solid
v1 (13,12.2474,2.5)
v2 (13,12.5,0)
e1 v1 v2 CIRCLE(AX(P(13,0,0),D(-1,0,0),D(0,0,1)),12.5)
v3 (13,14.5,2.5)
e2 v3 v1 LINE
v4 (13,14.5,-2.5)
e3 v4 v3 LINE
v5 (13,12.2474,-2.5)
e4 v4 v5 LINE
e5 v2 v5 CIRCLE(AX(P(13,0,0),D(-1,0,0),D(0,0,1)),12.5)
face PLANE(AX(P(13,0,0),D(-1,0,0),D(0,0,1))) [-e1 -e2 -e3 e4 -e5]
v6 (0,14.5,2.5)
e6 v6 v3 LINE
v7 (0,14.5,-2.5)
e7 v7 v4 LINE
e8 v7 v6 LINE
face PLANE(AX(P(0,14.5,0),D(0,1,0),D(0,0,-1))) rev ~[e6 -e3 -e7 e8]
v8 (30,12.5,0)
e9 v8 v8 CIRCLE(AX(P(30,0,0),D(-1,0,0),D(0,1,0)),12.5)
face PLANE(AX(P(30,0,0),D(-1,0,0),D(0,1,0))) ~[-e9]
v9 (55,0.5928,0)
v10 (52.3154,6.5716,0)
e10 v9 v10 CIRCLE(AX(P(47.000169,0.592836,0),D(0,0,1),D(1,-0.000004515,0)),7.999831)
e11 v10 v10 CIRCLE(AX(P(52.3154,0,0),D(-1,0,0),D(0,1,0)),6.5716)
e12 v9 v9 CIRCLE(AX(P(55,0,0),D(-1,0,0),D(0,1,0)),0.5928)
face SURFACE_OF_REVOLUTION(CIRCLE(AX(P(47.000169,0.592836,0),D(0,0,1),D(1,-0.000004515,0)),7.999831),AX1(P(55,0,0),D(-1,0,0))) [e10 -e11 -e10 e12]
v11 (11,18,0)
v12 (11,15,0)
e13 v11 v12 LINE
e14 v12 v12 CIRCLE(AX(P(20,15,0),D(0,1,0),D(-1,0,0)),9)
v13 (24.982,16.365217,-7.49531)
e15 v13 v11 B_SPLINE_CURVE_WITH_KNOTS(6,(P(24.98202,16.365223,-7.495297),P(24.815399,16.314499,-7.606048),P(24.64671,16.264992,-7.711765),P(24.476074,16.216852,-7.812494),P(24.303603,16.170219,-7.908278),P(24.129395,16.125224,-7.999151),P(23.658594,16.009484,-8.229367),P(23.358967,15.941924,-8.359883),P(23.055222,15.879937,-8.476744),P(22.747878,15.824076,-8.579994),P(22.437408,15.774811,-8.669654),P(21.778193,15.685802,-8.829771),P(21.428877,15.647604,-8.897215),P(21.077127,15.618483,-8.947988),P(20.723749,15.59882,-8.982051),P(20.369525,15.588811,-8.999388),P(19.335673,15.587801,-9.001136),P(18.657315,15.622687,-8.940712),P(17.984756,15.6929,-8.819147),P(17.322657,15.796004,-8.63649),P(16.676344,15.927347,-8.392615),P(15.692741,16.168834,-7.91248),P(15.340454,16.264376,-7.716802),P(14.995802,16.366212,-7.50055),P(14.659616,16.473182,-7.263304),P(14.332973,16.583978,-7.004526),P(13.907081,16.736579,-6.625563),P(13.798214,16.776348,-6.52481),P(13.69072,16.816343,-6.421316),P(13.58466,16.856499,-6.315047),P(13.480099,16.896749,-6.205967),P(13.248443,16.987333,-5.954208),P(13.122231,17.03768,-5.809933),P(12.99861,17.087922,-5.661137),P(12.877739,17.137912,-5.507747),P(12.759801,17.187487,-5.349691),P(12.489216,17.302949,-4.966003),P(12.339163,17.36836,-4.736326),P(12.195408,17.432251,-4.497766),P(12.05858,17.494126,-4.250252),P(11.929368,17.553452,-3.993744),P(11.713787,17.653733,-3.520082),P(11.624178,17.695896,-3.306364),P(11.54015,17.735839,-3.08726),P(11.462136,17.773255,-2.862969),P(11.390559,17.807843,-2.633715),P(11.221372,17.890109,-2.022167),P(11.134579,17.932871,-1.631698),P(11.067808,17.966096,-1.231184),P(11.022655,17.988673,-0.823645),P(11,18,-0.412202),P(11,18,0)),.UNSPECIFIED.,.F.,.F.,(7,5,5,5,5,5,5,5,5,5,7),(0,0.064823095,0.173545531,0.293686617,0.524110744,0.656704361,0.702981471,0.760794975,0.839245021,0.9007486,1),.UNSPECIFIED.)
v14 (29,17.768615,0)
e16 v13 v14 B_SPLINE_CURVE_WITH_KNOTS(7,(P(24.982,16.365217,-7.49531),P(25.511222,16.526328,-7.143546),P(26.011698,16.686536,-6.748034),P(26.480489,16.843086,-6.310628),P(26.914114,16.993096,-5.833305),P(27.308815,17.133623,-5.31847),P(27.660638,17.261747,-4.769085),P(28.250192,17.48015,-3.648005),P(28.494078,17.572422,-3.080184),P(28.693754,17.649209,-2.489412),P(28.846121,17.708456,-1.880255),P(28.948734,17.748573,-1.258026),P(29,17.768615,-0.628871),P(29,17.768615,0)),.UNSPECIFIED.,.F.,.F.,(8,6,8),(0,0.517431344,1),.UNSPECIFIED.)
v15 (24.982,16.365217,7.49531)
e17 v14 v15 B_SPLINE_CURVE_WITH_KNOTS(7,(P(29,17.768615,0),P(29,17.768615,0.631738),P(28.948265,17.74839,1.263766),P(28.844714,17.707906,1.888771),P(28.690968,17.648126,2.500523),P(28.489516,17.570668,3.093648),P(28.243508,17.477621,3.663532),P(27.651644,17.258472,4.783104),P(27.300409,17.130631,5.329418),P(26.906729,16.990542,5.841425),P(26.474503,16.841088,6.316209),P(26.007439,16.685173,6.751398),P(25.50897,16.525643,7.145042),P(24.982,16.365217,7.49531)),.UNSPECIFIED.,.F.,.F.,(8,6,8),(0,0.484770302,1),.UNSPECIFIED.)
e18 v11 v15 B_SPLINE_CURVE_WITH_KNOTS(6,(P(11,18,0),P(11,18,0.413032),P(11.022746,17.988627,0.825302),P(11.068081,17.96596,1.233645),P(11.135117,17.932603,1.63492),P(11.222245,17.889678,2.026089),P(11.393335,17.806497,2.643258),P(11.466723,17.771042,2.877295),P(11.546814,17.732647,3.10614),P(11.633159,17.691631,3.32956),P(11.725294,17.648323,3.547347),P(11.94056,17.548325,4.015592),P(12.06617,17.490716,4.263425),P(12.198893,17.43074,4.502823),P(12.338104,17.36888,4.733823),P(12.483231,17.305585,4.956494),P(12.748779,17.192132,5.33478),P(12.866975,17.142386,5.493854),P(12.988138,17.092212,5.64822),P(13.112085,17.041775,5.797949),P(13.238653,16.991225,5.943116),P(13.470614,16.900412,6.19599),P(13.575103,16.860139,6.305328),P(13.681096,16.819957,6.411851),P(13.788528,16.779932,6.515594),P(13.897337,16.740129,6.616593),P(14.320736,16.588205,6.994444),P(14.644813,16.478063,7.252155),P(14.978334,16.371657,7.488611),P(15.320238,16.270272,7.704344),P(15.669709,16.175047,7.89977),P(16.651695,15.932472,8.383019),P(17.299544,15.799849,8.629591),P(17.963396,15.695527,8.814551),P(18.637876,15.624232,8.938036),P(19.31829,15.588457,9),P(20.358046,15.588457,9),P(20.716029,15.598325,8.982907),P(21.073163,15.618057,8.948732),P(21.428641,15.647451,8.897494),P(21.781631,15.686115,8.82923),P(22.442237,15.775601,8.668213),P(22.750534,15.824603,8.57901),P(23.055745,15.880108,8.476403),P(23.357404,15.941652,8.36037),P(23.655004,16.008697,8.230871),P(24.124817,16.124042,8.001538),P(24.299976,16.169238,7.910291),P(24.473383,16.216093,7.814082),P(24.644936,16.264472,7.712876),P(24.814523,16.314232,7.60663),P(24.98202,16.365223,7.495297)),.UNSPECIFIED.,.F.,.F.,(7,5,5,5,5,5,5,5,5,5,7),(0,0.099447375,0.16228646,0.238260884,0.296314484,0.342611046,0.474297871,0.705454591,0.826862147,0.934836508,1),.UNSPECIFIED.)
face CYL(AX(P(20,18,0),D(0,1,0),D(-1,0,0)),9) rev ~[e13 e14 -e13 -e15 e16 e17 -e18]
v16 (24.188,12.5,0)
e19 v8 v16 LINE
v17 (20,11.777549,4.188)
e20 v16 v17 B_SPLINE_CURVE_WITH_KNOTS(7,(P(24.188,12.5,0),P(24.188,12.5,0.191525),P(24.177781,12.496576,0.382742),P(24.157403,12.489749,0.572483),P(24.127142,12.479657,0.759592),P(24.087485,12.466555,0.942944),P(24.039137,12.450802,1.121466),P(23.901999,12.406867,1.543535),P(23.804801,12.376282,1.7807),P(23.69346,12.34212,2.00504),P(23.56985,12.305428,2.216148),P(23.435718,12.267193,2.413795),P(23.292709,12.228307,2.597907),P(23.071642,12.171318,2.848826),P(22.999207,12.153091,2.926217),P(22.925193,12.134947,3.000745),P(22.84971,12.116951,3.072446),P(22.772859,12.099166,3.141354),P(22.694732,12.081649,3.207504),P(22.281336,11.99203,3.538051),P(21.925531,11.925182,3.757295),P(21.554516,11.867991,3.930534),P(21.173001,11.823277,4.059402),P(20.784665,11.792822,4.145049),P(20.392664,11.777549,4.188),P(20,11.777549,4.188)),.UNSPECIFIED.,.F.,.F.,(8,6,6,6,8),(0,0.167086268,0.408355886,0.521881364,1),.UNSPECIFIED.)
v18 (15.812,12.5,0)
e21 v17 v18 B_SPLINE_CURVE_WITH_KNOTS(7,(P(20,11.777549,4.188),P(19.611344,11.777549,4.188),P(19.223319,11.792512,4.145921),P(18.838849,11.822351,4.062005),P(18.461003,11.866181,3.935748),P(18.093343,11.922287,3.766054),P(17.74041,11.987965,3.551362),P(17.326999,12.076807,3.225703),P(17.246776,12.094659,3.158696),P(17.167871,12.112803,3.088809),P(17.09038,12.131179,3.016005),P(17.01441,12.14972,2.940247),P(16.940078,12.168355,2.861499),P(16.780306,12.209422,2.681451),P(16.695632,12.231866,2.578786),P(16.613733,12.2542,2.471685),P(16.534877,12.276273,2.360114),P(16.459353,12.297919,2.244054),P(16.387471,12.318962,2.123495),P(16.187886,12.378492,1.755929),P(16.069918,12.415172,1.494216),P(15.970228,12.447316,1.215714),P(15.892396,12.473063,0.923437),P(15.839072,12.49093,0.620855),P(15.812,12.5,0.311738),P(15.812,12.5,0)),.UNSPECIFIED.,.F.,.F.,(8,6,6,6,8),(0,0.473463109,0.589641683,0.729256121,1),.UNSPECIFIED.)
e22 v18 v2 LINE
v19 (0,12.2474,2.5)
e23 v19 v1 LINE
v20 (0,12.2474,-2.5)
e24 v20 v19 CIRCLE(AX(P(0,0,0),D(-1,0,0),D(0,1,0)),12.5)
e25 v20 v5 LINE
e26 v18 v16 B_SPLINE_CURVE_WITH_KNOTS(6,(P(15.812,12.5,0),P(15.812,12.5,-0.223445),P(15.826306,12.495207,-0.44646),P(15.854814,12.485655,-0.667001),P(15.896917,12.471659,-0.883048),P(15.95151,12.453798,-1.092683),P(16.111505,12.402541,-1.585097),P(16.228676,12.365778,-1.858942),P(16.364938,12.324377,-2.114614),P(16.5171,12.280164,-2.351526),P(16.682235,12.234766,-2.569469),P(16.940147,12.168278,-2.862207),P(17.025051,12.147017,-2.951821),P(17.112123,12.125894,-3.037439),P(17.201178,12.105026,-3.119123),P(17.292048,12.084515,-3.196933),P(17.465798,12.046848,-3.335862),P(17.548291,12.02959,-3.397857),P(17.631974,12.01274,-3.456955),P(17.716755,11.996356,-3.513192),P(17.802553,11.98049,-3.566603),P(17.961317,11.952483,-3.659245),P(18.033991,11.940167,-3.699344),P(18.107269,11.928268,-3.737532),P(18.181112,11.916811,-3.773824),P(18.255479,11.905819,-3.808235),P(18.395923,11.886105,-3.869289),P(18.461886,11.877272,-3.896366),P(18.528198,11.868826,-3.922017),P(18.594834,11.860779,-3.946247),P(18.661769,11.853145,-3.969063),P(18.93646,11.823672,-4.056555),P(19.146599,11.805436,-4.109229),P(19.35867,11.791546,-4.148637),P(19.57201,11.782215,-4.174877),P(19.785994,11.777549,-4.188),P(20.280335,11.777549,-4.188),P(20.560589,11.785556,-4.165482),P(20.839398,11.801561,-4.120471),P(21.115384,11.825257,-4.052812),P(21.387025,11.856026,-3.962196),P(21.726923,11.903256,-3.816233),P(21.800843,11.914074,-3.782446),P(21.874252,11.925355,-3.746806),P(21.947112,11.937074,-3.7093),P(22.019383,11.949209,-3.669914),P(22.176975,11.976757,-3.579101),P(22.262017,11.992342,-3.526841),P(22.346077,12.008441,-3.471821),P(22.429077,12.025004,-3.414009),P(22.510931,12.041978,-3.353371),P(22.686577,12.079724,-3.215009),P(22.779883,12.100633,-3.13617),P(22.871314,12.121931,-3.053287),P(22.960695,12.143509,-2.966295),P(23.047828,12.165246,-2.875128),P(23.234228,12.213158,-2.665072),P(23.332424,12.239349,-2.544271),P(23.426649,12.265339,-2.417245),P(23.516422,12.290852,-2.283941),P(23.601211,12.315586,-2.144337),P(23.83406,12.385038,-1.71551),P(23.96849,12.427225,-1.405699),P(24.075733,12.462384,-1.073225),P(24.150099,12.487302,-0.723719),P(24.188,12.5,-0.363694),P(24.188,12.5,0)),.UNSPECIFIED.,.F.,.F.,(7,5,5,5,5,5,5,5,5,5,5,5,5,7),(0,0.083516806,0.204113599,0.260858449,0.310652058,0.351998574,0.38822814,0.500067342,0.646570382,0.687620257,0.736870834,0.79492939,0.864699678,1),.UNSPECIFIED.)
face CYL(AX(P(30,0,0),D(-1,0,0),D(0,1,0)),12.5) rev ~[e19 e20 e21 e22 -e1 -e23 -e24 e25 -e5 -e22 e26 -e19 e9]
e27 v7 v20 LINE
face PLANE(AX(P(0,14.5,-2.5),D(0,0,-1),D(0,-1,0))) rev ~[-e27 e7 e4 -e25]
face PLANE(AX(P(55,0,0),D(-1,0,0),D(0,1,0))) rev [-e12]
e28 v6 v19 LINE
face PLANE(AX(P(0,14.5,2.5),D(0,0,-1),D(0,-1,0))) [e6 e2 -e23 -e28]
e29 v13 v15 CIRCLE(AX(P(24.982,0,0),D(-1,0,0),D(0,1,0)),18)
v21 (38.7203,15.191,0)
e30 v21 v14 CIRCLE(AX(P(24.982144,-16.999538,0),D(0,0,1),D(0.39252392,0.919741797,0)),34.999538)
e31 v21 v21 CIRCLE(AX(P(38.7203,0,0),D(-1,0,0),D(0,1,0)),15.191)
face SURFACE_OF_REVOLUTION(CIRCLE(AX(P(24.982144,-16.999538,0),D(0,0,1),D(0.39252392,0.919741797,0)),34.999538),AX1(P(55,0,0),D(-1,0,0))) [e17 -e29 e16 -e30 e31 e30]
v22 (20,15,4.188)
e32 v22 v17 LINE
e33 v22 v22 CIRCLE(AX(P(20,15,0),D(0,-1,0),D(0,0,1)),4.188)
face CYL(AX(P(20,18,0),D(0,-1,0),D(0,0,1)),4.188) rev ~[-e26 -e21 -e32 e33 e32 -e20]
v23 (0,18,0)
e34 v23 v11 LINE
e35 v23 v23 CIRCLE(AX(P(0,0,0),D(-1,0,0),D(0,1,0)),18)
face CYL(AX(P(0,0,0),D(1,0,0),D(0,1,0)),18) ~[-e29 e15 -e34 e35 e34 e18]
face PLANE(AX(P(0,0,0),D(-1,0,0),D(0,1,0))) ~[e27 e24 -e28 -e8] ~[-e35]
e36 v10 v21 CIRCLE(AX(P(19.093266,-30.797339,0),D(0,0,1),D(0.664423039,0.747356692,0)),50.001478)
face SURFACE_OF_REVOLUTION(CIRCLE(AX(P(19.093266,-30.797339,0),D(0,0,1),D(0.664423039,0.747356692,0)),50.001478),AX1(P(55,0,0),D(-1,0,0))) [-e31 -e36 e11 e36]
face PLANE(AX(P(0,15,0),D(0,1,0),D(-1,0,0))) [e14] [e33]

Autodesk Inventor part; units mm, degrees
ref_plane "YZ Plane" through (0, 0, 0) normal (1, 0, 0) x (0, 1, 0)
ref_plane "XZ Plane" through (0, 0, 0) normal (0, 1, 0) x (-1, 0, 0)
sketch "Sketch1" plane through (0, 0, 0) normal (0, 0, 1) x (1, 0, 0)
  line L0 (0, 0) -> (0, 18)
  line L1 (0, 18) -> (55, 18) construction
  line L2 (55, 18) -> (55, 0) construction
  line L3 (0, 18) -> (55, 18) construction
  line L4 (55, 18) -> (55, -18) construction
  line L5 (55, -18) -> (0, -18) construction
  line L6 (0, -18) -> (0, 18)
  line L7 (0, -12.5) -> (30, -12.5)
  line L8 (30, -12.5) -> (30, 12.5)
  line L9 (30, 12.5) -> (0, 12.5)
  line L10 (55, 0) -> (55, 0.5928)
  line L11 (55, 0) -> (30, 0)
  line L12 (30, 0) -> (30, 18) construction
  arc A0 (52.3154, 6.5716) -> (38.7203, 15.191) centre (19.0942, -30.7961) ccw
  line L13 (0, 18) -> (24.982, 18)
  arc A1 (55, 0.5928) -> (52.3154, 6.5716) centre (47, 0.5928) ccw
  arc A2 (38.7203, 15.191) -> (24.982, 18) centre (24.982, -17) ccw
  line L14 (30, 0) -> (30, 0)
  point P0 (55, 4)
  dimension "d0" = 18
  dimension "d1" = 55
  dimension "d2" = 36
  dimension "d5" = 12.5
  dimension "d6" = 30
  dimension "d7" = 25
  dimension "d14" = 4
  dimension "d16" = 0
  dimension "d17" = 25
  dimension "d18" = 8
  dimension "d19" = 35
  dimension "d20" = 50
revolve "Revolution1" add sketch "Sketch1" angle 360 about axis through (55, 0, 0) along (-1, 0, 0) contours L0 L13 A2 A0 A1 L10 L11 L8 L9
sketch "Sketch2" plane through (0, 0, 0) normal (-1, 0, 0) x (0, 0, 1)
  circle A0 centre (0, 0) radius 12.5 projected
  circle A1 centre (0, 0) radius 18 projected
  circle A2 centre (0, 0) radius 0.5928 projected
  line L0 (0, 0) -> (0, 12.5)
  circle A3 centre (0, 0) radius 12.5 projected
  circle A4 centre (0, 0) radius 18 projected
  line L1 (0, 12.5) -> (0, 14.5)
  line L2 (0, 14.5) -> (-2.5, 14.5)
  line L3 (0, 14.5) -> (2.5, 14.5)
  line L4 (0, 14.5) -> (0, 12) construction
  line L5 (2.5, 14.5) -> (2.5, 12.2474)
  line L6 (-2.5, 14.5) -> (-2.5, 12.2474)
  point P0 (0, 0)
  point P1 (-2.5, 12.2474)
  point P2 (2.5, 12.2474)
  dimension "d23" = 2
  dimension "d24" = 2.5
  dimension "d25" = 90
  dimension "d26" = 2.5
  dimension "d27" = 90
extrude "Extrusion1" cut sketch "Sketch2" against normal blind 13 contours A0 L1 L3 L5 | L6 L2 L1 A0
ref_plane "Work Plane1" through (0, 18, 0) normal (0, 1, 0) x (-1, 0, 0)
sketch "Sketch3" plane through (0, 18, 0) normal (0, 1, 0) x (-1, 0, 0)
  line L0 (0, -18) -> (0, 18) projected
  line L1 (-24.982, -18) -> (-24.982, 18) projected
  line L2 (-24.982, -18) -> (-24.982, 18) projected
  line L3 (-38.7203, -15.191) -> (-38.7203, 15.191) projected
  line L4 (-38.7203, -15.191) -> (-38.7203, 15.191) projected
  line L5 (-52.3154, -6.5716) -> (-52.3154, 6.5716) projected
  line L6 (-52.3154, -6.5716) -> (-52.3154, 6.5716) projected
  line L7 (-55, -0.5928) -> (-55, 0.5928) projected
  line L8 (0, 0) -> (-11, 0)
  line L9 (-11, 0) -> (-20, 0)
  circle A0 centre (-20, 0) radius 9
  dimension "d30" = 11
  dimension "d31" = 9
  dimension "d42" = 18
extrude "Extrusion2" cut sketch "Sketch3" against normal blind 3
hole "Hole1" at (20, 18, 0) direction (0, -1, 0) diameter 8.376 depth 18 tip angle 118 thread size "M10x1.5" class "6H" standard "ISO Metric profile"
properties part number "Windmühlen Kopf"
